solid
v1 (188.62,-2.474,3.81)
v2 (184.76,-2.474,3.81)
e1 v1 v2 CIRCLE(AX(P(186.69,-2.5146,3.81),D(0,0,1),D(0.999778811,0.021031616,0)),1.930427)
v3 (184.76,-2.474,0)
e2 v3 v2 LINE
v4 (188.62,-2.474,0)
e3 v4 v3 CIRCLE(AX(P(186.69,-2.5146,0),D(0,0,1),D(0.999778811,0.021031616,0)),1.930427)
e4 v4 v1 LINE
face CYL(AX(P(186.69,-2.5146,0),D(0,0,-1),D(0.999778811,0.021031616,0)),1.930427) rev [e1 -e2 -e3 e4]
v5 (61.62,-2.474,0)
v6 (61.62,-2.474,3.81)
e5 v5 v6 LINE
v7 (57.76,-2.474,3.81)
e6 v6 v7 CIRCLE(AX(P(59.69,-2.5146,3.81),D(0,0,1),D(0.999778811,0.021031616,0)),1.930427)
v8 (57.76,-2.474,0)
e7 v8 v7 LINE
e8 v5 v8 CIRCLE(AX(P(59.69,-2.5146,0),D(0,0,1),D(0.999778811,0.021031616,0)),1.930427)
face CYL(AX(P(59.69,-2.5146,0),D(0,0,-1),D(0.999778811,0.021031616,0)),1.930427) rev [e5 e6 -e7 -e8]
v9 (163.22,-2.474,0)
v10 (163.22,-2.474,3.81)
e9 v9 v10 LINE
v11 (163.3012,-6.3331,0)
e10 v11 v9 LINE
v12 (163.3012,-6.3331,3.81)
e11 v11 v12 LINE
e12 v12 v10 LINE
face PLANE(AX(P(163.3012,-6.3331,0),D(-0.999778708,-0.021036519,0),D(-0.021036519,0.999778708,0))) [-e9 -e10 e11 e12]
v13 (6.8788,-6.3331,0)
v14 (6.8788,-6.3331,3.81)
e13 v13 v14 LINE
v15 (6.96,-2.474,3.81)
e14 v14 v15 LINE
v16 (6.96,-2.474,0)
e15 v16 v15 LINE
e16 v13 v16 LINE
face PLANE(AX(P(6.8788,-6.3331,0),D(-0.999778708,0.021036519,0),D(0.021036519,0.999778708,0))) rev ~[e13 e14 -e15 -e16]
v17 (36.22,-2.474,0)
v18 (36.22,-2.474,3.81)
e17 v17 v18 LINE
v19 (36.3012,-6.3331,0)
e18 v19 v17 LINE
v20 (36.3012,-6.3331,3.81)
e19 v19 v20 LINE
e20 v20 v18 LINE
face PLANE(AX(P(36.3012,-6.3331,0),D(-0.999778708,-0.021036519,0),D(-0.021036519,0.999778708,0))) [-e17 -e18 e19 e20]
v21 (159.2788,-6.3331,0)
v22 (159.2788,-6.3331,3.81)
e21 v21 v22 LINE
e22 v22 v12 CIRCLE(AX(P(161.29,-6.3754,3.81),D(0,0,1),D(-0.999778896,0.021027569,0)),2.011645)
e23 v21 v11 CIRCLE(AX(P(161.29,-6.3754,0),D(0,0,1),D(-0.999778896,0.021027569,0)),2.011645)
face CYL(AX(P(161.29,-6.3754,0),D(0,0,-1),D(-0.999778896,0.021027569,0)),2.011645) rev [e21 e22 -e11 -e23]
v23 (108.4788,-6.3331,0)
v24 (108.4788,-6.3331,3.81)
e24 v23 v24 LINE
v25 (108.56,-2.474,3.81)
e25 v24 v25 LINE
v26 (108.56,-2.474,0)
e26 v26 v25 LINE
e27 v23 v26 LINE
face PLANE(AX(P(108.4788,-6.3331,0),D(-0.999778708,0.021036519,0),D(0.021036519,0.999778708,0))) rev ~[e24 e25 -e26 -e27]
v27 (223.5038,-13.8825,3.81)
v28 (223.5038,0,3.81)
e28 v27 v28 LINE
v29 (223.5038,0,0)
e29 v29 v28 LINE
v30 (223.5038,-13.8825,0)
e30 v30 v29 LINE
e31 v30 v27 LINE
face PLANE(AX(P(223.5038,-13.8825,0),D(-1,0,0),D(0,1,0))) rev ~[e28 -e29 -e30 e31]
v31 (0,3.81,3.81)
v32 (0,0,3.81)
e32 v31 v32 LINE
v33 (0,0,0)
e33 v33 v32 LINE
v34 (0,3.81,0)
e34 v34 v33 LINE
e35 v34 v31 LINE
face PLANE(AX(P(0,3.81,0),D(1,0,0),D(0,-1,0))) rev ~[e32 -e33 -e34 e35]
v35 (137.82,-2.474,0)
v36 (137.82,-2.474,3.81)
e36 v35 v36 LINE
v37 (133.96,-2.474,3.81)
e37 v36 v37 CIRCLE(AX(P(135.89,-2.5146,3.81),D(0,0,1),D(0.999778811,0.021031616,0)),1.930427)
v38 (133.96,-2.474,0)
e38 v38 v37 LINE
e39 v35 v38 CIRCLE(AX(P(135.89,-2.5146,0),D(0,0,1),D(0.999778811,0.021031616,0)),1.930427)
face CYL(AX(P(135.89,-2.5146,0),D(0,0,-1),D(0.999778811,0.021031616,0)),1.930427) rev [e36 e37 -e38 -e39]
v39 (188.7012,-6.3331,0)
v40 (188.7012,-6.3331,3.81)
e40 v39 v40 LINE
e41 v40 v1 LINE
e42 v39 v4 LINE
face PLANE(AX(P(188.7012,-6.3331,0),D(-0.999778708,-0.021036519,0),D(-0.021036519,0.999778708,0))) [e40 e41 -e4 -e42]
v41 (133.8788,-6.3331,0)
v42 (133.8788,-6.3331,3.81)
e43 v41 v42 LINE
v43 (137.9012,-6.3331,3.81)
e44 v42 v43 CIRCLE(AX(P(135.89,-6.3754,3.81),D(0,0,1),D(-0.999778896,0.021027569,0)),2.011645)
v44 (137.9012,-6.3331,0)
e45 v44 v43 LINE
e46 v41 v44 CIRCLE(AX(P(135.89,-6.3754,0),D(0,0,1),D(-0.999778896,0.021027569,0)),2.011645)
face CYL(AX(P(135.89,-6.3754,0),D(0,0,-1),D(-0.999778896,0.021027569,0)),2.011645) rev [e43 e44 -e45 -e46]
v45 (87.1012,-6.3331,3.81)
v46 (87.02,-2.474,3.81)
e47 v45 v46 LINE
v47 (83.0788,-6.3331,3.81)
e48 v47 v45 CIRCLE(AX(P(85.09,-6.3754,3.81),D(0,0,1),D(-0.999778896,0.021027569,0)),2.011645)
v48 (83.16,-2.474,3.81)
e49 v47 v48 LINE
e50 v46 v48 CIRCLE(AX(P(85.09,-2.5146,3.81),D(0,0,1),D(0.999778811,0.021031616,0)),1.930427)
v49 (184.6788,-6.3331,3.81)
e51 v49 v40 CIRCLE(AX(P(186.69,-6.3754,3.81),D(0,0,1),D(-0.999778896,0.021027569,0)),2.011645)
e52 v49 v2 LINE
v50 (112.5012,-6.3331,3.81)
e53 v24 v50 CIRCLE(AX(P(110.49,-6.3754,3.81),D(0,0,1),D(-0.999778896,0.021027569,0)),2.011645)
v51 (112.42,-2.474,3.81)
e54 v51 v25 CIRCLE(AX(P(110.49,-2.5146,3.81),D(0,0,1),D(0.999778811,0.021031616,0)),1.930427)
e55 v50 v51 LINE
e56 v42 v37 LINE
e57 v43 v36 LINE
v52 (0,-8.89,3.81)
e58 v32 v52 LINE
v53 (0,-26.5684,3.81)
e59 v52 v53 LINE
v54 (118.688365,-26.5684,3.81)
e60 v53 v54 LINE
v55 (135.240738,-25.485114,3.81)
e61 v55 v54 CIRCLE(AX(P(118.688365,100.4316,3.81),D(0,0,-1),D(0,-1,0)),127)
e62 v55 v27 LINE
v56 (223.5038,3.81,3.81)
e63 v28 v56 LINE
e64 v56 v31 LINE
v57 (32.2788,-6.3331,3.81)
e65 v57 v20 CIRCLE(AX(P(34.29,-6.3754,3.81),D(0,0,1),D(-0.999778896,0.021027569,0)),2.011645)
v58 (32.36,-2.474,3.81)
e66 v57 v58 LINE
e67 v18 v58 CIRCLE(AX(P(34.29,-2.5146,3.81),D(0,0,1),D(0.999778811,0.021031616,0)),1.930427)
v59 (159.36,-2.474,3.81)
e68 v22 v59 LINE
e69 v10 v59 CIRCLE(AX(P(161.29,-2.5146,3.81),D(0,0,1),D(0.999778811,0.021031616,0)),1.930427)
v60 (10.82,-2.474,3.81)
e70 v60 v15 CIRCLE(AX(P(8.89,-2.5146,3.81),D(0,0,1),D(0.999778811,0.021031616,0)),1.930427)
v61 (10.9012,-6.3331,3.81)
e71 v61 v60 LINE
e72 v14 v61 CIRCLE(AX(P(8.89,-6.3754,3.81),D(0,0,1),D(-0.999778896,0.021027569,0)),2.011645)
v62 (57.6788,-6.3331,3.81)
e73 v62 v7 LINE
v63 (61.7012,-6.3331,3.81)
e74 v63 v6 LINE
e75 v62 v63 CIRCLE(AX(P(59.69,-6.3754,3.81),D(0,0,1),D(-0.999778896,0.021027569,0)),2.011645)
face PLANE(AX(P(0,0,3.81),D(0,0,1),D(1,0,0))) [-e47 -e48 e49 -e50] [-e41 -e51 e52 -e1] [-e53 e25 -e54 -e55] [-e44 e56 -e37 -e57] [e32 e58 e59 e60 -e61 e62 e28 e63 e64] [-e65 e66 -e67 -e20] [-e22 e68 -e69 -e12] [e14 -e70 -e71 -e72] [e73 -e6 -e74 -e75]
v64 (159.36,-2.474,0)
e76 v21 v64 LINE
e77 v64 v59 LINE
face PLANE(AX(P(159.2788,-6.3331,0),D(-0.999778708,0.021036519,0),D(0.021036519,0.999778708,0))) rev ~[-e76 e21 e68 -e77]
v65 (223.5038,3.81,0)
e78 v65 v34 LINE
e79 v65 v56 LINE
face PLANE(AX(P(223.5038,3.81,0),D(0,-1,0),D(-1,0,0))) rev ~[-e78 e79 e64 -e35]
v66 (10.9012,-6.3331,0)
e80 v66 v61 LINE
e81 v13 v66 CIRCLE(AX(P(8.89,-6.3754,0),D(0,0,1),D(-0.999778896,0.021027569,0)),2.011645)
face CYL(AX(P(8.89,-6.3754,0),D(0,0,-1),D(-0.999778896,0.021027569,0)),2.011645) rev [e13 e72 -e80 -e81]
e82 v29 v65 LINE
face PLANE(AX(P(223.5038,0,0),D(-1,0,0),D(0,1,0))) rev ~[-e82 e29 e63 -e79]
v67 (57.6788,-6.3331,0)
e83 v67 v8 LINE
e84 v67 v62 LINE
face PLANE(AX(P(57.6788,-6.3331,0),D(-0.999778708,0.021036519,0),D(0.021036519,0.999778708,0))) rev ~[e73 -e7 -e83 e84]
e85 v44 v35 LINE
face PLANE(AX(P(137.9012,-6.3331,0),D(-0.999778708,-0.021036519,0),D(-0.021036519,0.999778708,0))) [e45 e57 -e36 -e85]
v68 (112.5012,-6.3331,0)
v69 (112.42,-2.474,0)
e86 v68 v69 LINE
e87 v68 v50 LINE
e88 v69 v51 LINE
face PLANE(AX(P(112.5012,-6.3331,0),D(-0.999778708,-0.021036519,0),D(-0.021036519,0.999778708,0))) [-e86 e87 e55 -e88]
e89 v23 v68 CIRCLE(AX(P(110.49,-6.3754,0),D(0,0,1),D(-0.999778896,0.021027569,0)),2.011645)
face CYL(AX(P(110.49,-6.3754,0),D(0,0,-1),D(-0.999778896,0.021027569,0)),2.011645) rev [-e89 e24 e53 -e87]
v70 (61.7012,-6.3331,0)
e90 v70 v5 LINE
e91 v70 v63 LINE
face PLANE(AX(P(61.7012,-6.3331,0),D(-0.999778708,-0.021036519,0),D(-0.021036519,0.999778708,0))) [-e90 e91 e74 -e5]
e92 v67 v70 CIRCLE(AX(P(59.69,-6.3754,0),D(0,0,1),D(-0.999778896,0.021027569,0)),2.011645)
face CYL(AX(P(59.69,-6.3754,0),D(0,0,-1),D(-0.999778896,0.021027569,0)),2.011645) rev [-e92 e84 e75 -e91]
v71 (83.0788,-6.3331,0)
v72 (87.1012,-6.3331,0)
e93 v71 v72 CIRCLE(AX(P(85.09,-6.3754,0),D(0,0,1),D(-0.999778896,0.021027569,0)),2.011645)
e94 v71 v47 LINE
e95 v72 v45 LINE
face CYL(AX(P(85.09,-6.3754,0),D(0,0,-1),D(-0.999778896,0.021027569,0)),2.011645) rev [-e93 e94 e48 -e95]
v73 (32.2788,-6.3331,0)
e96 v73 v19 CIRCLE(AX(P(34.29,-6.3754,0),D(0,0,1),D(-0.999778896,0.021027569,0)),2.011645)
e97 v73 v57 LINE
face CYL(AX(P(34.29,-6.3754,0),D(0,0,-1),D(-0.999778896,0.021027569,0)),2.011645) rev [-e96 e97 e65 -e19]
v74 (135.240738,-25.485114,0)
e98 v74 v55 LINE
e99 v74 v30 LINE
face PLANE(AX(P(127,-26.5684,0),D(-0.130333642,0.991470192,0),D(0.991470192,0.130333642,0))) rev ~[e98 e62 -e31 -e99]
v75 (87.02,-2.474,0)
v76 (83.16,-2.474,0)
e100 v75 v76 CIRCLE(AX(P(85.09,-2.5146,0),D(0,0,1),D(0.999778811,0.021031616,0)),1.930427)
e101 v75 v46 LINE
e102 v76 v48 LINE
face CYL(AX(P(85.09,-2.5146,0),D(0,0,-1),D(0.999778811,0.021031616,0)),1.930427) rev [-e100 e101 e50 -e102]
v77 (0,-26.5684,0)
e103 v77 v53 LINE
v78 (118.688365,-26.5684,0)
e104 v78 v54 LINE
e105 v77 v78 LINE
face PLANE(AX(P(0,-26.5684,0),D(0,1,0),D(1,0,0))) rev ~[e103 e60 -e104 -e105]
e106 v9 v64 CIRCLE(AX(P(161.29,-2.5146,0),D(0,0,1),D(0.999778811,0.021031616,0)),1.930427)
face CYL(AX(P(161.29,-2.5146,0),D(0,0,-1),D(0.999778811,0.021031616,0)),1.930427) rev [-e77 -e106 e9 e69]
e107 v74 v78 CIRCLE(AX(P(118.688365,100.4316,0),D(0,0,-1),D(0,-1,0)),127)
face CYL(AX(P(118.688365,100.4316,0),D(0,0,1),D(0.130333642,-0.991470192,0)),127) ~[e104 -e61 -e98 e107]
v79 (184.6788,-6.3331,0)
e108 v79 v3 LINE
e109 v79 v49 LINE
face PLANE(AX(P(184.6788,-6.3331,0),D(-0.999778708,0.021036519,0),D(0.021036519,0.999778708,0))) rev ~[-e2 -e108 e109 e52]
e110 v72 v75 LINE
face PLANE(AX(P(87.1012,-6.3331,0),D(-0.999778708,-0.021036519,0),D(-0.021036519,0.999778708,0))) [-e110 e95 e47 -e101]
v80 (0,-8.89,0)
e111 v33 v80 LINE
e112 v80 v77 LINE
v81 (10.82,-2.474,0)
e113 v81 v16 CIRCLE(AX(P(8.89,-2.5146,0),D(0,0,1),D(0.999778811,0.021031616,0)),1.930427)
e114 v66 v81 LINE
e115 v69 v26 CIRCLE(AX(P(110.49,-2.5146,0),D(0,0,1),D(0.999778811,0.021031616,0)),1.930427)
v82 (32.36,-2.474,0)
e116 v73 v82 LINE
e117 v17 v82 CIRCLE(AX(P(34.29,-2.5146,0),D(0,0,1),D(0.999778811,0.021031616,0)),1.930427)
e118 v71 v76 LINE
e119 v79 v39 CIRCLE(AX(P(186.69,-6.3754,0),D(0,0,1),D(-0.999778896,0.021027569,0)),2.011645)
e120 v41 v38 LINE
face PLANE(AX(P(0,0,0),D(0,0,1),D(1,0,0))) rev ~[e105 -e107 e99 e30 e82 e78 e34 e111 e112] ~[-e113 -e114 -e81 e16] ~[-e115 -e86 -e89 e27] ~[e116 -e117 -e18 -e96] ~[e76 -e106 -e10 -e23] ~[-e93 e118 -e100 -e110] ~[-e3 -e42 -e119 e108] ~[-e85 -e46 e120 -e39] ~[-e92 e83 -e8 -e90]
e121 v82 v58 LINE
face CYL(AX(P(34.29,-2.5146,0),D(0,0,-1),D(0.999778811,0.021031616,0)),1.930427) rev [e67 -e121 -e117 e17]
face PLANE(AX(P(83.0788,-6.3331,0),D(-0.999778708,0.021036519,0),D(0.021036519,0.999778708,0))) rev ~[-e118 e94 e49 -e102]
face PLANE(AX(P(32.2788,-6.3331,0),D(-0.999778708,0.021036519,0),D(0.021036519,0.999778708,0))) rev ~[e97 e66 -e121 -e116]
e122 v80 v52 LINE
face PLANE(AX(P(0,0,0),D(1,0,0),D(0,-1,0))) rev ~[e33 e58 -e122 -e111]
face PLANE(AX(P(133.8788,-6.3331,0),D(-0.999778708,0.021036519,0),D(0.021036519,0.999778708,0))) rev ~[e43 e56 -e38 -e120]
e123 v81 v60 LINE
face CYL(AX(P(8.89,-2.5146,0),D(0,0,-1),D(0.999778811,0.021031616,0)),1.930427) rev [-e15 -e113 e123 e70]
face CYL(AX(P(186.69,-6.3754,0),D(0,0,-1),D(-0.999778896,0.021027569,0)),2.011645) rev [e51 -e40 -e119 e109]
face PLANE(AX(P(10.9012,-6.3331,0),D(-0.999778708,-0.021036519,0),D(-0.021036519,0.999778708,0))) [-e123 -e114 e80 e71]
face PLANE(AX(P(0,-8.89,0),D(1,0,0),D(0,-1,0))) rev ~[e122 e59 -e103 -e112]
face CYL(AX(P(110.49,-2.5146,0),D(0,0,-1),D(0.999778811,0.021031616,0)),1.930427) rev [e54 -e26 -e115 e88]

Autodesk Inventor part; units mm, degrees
ref_plane "YZ Plane" through (0, 0, 0) normal (1, 0, 0) x (0, 1, 0)
ref_plane "XZ Plane" through (0, 0, 0) normal (0, 1, 0) x (-1, 0, 0)
ref_plane "XY Plane" through (0, 0, 0) normal (0, 0, 1) x (1, 0, 0)
ref_plane "Work Plane1" through (0, 0, 0) normal (0, 0, 1) x (1, 0, 0)
sketch "Sketch1" plane through (0, 0, 0) normal (0, 0, 1) x (1, 0, 0)
  circle A0 centre (59.69, -4.445) radius 1.9304 construction
  circle A1 centre (161.29, -4.445) radius 1.9304 construction
  circle A2 centre (135.89, -4.445) radius 1.9304 construction
  circle A3 centre (34.29, -4.445) radius 1.9304 construction
  circle A4 centre (85.09, -4.445) radius 1.9304 construction
  circle A5 centre (186.69, -4.445) radius 1.9304 construction
  circle A6 centre (110.49, -4.445) radius 1.9304 construction
  circle A7 centre (8.89, -4.445) radius 1.9304 construction
  line L0 (0, 0) -> (0, -8.89) construction
  line L1 (0, -8.89) -> (195.58, -8.89) construction
  line L2 (195.58, 0) -> (195.58, -8.89) construction
  line L3 (0, 0) -> (195.58, 0) construction
  circle A8 centre (254.7602, -6.1683) radius 25.137 construction
  line L4 (0, 0) -> (0, -8.89)
  line L5 (0, -8.89) -> (0, -26.5684)
  line L6 (0, -26.5684) -> (127, -26.5684)
  line L7 (127, -26.5684) -> (223.5038, -13.8825)
  line L8 (223.5038, -13.8825) -> (223.5038, 0)
  line L9 (223.5038, 0) -> (223.5038, 3.81)
  line L10 (223.5038, 3.81) -> (0, 3.81)
  line L11 (0, 3.81) -> (0, 0)
  line L12 (188.7012, -6.3331) -> (188.62, -2.474)
  line L13 (184.6788, -6.3331) -> (184.76, -2.474)
  arc A9 (163.22, -2.474) -> (159.36, -2.474) centre (161.29, -2.5146) ccw
  arc A10 (159.2788, -6.3331) -> (163.3012, -6.3331) centre (161.29, -6.3754) ccw
  line L14 (163.3012, -6.3331) -> (163.22, -2.474)
  line L15 (159.2788, -6.3331) -> (159.36, -2.474)
  arc A11 (137.82, -2.474) -> (133.96, -2.474) centre (135.89, -2.5146) ccw
  line L16 (137.9012, -6.3331) -> (137.82, -2.474)
  line L17 (133.8788, -6.3331) -> (133.96, -2.474)
  arc A12 (108.4788, -6.3331) -> (112.5012, -6.3331) centre (110.49, -6.3754) ccw
  line L18 (112.5012, -6.3331) -> (112.42, -2.474)
  line L19 (108.4788, -6.3331) -> (108.56, -2.474)
  arc A13 (87.02, -2.474) -> (83.16, -2.474) centre (85.09, -2.5146) ccw
  arc A14 (83.0788, -6.3331) -> (87.1012, -6.3331) centre (85.09, -6.3754) ccw
  line L20 (87.1012, -6.3331) -> (87.02, -2.474)
  line L21 (83.0788, -6.3331) -> (83.16, -2.474)
  arc A15 (61.62, -2.474) -> (57.76, -2.474) centre (59.69, -2.5146) ccw
  arc A16 (57.6788, -6.3331) -> (61.7012, -6.3331) centre (59.69, -6.3754) ccw
  line L22 (61.7012, -6.3331) -> (61.62, -2.474)
  line L23 (57.6788, -6.3331) -> (57.76, -2.474)
  arc A17 (36.22, -2.474) -> (32.36, -2.474) centre (34.29, -2.5146) ccw
  arc A18 (32.2788, -6.3331) -> (36.3012, -6.3331) centre (34.29, -6.3754) ccw
  line L24 (36.3012, -6.3331) -> (36.22, -2.474)
  line L25 (32.2788, -6.3331) -> (32.36, -2.474)
  arc A19 (10.82, -2.474) -> (6.96, -2.474) centre (8.89, -2.5146) ccw
  arc A20 (6.8788, -6.3331) -> (10.9012, -6.3331) centre (8.89, -6.3754) ccw
  line L26 (10.9012, -6.3331) -> (10.82, -2.474)
  line L27 (6.8788, -6.3331) -> (6.96, -2.474)
  arc A21 (184.6788, -6.3331) -> (188.7012, -6.3331) centre (186.69, -6.3754) ccw
  arc A22 (188.62, -2.474) -> (184.76, -2.474) centre (186.69, -2.5146) ccw
  arc A23 (133.8788, -6.3331) -> (137.9012, -6.3331) centre (135.89, -6.3754) ccw
  arc A24 (112.42, -2.474) -> (108.56, -2.474) centre (110.49, -2.5146) ccw
  dimension "d0" = 17.6784
  dimension "d1" = 127
  dimension "d2" = 3.81
extrude "Extrusion1" add sketch "Sketch1" along normal blind 3.81
fillet "Fillet1" radius 127 1 edges at (127, -26.5684, 1.905)
properties part number "guide rails"
